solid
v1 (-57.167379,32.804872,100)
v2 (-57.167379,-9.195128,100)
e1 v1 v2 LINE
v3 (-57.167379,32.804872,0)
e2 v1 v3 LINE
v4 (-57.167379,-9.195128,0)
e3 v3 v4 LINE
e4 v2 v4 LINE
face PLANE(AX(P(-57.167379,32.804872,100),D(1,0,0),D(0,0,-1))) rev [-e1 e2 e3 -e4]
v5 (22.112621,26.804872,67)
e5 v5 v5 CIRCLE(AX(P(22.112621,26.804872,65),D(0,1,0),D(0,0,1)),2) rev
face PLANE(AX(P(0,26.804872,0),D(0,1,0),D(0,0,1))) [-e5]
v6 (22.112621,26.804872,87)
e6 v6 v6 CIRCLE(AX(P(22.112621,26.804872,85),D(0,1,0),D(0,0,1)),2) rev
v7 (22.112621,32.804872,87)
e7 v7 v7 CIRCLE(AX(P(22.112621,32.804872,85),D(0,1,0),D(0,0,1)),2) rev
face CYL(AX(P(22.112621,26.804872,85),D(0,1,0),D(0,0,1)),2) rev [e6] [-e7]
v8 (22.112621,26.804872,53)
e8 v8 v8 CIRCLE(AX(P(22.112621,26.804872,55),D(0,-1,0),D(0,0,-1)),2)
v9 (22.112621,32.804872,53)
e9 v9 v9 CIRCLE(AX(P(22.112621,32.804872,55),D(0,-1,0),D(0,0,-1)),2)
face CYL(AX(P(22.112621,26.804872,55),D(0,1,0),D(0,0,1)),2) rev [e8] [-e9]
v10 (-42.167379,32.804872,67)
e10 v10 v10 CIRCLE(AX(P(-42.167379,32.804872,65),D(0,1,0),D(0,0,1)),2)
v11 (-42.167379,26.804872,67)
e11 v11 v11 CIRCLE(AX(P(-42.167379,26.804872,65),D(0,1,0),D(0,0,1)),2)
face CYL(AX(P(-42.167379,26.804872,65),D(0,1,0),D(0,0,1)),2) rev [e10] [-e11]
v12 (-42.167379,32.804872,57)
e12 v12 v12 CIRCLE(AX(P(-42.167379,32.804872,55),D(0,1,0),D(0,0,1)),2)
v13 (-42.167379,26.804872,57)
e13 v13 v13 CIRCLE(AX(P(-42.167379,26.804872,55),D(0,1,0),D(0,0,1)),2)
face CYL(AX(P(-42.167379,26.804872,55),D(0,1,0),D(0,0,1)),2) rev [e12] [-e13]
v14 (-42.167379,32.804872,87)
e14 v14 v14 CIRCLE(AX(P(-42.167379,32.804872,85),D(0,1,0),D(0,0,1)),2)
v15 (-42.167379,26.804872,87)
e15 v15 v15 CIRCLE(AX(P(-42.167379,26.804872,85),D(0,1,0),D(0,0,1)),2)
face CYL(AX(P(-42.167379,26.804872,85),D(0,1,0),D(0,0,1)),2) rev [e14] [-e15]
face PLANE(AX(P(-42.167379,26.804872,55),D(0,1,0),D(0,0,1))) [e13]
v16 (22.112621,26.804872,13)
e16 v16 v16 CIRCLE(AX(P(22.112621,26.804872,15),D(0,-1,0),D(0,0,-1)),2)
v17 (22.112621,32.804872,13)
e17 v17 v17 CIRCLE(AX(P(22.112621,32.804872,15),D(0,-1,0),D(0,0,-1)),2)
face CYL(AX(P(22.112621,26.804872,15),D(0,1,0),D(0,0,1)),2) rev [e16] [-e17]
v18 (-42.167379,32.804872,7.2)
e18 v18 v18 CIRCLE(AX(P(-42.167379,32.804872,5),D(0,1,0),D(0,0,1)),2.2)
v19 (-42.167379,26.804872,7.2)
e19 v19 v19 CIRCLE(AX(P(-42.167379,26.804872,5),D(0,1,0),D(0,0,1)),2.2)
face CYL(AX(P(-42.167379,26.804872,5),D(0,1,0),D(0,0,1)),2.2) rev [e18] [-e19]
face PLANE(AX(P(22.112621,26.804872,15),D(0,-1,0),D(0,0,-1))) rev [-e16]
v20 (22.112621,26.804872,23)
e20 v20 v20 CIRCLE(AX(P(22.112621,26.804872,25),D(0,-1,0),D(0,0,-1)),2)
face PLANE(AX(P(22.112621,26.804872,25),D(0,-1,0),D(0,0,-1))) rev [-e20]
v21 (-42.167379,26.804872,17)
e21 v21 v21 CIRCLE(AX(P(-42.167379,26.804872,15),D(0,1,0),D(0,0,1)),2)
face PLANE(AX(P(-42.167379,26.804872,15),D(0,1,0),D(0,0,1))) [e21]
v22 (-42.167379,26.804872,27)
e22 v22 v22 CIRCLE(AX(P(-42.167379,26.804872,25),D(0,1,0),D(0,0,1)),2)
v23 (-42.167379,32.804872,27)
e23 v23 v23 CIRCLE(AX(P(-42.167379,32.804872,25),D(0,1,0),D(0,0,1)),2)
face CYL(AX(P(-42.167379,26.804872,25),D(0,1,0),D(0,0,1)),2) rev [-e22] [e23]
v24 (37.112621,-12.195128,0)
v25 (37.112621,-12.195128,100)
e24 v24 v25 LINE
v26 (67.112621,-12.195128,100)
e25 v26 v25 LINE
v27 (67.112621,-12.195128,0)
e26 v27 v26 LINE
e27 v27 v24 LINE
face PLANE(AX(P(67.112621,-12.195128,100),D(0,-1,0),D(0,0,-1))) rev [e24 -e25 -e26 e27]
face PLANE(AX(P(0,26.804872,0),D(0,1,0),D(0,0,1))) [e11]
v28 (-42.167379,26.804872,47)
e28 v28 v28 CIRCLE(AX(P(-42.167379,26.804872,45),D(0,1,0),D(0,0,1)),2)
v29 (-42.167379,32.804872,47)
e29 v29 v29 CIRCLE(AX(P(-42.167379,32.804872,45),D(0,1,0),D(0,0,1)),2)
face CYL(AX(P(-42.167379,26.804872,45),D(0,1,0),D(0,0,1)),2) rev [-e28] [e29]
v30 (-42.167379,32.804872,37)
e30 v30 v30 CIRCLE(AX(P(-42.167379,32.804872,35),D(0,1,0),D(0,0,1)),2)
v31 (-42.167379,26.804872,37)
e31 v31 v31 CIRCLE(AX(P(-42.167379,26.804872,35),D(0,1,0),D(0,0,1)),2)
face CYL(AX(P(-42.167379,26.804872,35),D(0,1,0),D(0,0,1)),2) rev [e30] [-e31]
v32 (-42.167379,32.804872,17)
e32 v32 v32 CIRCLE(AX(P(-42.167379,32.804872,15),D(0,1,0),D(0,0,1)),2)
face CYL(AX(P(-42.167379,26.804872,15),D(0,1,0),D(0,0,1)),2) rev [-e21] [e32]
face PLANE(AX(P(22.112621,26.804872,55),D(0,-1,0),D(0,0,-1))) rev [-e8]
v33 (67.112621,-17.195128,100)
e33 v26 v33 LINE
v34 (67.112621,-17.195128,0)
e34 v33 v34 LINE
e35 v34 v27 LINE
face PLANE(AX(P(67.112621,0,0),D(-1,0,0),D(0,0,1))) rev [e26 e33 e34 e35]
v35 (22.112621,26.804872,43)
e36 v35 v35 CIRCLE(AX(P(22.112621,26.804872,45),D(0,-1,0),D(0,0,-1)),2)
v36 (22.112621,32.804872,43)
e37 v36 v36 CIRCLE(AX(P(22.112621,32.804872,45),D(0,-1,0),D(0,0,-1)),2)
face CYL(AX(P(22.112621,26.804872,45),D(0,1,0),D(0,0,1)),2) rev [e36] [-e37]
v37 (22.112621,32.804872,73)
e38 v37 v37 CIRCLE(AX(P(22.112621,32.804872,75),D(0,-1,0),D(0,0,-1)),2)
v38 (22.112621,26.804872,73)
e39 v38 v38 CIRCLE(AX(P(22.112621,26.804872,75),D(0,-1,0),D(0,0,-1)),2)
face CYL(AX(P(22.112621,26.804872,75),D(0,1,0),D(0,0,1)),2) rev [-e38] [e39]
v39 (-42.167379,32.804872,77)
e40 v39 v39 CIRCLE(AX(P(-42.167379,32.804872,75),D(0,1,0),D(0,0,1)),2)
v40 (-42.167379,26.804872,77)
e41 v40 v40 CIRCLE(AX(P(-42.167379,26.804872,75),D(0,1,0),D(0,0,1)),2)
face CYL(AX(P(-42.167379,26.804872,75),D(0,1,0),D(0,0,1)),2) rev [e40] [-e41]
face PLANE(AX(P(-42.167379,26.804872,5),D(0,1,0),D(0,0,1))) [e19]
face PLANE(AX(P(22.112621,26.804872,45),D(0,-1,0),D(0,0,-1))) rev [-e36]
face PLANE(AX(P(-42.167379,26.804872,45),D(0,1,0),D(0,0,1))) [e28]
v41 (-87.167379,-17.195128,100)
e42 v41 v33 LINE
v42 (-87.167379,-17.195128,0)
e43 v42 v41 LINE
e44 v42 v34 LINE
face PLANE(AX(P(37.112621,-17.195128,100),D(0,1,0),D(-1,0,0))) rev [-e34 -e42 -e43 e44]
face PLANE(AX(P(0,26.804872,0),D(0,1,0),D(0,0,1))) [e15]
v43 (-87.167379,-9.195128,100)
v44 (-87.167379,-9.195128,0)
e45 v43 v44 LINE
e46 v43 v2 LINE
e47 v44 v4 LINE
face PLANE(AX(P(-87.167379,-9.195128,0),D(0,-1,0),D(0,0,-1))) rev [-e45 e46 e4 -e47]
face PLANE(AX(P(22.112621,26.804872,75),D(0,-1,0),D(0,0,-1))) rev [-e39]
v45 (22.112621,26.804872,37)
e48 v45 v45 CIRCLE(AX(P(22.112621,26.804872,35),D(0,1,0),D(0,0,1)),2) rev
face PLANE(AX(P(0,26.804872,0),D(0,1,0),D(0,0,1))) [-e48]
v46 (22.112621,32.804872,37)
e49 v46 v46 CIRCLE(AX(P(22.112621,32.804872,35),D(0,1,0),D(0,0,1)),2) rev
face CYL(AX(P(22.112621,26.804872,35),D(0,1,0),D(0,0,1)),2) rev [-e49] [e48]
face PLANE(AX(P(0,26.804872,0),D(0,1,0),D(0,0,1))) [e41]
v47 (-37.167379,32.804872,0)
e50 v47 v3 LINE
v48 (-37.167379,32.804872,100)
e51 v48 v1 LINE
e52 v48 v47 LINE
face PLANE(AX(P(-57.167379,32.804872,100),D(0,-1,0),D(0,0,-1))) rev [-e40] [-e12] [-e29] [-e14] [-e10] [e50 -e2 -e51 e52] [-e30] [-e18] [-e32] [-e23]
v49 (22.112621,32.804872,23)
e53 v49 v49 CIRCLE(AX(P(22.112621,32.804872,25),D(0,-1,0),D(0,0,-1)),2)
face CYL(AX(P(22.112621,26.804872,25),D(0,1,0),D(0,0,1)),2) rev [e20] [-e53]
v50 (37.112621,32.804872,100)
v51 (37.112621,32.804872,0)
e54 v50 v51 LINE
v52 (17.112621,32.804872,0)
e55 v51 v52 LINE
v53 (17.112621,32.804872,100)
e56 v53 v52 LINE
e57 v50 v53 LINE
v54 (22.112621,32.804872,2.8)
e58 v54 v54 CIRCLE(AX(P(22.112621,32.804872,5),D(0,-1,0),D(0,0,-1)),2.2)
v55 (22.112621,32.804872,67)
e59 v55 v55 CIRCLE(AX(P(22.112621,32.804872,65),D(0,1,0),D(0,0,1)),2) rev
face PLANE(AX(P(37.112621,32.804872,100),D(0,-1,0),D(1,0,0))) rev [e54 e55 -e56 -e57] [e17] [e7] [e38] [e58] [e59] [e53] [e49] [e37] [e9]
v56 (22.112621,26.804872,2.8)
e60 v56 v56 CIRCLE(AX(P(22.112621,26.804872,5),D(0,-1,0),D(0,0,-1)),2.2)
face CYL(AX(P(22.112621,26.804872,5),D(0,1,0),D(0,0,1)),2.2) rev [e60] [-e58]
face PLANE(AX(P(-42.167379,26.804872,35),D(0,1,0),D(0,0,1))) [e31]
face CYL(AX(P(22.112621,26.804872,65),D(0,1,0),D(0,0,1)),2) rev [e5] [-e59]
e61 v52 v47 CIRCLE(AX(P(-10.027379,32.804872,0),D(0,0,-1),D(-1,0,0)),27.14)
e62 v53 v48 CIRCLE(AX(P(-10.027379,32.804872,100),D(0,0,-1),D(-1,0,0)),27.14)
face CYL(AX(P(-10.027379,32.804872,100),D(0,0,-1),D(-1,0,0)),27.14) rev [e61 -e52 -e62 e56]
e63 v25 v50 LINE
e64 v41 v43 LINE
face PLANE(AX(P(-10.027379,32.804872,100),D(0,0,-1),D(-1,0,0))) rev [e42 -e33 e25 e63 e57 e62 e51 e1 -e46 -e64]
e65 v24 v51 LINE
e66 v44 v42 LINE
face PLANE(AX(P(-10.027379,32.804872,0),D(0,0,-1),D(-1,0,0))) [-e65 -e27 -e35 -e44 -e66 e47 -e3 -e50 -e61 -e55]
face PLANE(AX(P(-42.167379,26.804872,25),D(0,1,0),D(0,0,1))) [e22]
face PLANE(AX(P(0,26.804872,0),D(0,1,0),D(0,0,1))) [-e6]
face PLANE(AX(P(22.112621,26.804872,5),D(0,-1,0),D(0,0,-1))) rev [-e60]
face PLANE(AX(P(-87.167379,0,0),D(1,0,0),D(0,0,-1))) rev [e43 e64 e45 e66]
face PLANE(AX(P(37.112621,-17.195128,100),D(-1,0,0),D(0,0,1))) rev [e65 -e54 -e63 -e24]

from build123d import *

# Parameters (mm, degrees)
BOSS_EXTRUDE1_DEPTH = 100
SKETCH2_R           = 2.2
SKETCH2_R_2         = 2
CUT_EXTRUDE2_DEPTH  = 6
SKETCH3_W           = 100
SKETCH3_H           = 8
BOSS_EXTRUDE2_DEPTH = 30
SKETCH4_W           = 100
SKETCH4_H           = 5
BOSS_EXTRUDE3_DEPTH = 30


with BuildPart() as part:
    # Sketch1 → Boss-Extrude1 (new body)
    with BuildSketch(Plane.XY):
        with BuildLine():
            Line((-57.167378994, 32.80487151), (-57.167378994, -17.19512849))
            Line((-57.167378994, -17.19512849), (37.112621006, -17.19512849))
            Line((37.112621006, -17.19512849), (37.112621006, 32.80487151))
            Line((37.112621006, 32.80487151), (17.112621006, 32.80487151))
            ThreePointArc((17.112621006, 32.80487151), (-10.027378994, 5.66487151), (-37.167378994, 32.80487151))
            Line((-37.167378994, 32.80487151), (-57.167378994, 32.80487151))
        make_face()
    extrude(amount=BOSS_EXTRUDE1_DEPTH)

    # Sketch2 → Cut-Extrude2 (cut)
    with BuildSketch(Plane(origin=(0, 32.80487151, 0), x_dir=(1, 0, 0), z_dir=(0, 1, 0))):
        with Locations((-42.167378994, -5)):
            Circle(SKETCH2_R)
        with Locations((-42.167378994, -15)):
            Circle(SKETCH2_R_2)
        with Locations((-42.167378994, -25)):
            Circle(SKETCH2_R_2)
        with Locations((-42.167378994, -35)):
            Circle(SKETCH2_R_2)
        with Locations((-42.167378994, -45)):
            Circle(SKETCH2_R_2)
        with Locations((-42.167378994, -55)):
            Circle(SKETCH2_R_2)
        with Locations((-42.167378994, -65)):
            Circle(SKETCH2_R_2)
        with Locations((-42.167378994, -75)):
            Circle(SKETCH2_R_2)
        with Locations((-42.167378994, -85)):
            Circle(SKETCH2_R_2)
        with Locations((22.112621006, -85)):
            Circle(SKETCH2_R_2)
        with Locations((22.112621006, -75)):
            Circle(SKETCH2_R_2)
        with Locations((22.112621006, -65)):
            Circle(SKETCH2_R_2)
        with Locations((22.112621006, -55)):
            Circle(SKETCH2_R_2)
        with Locations((22.112621006, -45)):
            Circle(SKETCH2_R_2)
        with Locations((22.112621006, -35)):
            Circle(SKETCH2_R_2)
        with Locations((22.112621006, -25)):
            Circle(SKETCH2_R_2)
        with Locations((22.112621006, -15)):
            Circle(SKETCH2_R_2)
        with Locations((22.112621006, -5)):
            Circle(SKETCH2_R)
    extrude(amount=-CUT_EXTRUDE2_DEPTH, mode=Mode.SUBTRACT)

    # Sketch3 → Boss-Extrude2 (add)
    with BuildSketch(Plane.ZY.offset(57.167378994)):
        with Locations((50, -13.19512849)):
            Rectangle(SKETCH3_W, SKETCH3_H)
    extrude(amount=BOSS_EXTRUDE2_DEPTH)

    # Sketch4 → Boss-Extrude3 (add)
    with BuildSketch(Plane(origin=(37.112621006, 0, 0), x_dir=(0, 0, -1), z_dir=(1, 0, 0))):
        with Locations((-50, -14.69512849)):
            Rectangle(SKETCH4_W, SKETCH4_H)
    extrude(amount=BOSS_EXTRUDE3_DEPTH)


solid = part.part
